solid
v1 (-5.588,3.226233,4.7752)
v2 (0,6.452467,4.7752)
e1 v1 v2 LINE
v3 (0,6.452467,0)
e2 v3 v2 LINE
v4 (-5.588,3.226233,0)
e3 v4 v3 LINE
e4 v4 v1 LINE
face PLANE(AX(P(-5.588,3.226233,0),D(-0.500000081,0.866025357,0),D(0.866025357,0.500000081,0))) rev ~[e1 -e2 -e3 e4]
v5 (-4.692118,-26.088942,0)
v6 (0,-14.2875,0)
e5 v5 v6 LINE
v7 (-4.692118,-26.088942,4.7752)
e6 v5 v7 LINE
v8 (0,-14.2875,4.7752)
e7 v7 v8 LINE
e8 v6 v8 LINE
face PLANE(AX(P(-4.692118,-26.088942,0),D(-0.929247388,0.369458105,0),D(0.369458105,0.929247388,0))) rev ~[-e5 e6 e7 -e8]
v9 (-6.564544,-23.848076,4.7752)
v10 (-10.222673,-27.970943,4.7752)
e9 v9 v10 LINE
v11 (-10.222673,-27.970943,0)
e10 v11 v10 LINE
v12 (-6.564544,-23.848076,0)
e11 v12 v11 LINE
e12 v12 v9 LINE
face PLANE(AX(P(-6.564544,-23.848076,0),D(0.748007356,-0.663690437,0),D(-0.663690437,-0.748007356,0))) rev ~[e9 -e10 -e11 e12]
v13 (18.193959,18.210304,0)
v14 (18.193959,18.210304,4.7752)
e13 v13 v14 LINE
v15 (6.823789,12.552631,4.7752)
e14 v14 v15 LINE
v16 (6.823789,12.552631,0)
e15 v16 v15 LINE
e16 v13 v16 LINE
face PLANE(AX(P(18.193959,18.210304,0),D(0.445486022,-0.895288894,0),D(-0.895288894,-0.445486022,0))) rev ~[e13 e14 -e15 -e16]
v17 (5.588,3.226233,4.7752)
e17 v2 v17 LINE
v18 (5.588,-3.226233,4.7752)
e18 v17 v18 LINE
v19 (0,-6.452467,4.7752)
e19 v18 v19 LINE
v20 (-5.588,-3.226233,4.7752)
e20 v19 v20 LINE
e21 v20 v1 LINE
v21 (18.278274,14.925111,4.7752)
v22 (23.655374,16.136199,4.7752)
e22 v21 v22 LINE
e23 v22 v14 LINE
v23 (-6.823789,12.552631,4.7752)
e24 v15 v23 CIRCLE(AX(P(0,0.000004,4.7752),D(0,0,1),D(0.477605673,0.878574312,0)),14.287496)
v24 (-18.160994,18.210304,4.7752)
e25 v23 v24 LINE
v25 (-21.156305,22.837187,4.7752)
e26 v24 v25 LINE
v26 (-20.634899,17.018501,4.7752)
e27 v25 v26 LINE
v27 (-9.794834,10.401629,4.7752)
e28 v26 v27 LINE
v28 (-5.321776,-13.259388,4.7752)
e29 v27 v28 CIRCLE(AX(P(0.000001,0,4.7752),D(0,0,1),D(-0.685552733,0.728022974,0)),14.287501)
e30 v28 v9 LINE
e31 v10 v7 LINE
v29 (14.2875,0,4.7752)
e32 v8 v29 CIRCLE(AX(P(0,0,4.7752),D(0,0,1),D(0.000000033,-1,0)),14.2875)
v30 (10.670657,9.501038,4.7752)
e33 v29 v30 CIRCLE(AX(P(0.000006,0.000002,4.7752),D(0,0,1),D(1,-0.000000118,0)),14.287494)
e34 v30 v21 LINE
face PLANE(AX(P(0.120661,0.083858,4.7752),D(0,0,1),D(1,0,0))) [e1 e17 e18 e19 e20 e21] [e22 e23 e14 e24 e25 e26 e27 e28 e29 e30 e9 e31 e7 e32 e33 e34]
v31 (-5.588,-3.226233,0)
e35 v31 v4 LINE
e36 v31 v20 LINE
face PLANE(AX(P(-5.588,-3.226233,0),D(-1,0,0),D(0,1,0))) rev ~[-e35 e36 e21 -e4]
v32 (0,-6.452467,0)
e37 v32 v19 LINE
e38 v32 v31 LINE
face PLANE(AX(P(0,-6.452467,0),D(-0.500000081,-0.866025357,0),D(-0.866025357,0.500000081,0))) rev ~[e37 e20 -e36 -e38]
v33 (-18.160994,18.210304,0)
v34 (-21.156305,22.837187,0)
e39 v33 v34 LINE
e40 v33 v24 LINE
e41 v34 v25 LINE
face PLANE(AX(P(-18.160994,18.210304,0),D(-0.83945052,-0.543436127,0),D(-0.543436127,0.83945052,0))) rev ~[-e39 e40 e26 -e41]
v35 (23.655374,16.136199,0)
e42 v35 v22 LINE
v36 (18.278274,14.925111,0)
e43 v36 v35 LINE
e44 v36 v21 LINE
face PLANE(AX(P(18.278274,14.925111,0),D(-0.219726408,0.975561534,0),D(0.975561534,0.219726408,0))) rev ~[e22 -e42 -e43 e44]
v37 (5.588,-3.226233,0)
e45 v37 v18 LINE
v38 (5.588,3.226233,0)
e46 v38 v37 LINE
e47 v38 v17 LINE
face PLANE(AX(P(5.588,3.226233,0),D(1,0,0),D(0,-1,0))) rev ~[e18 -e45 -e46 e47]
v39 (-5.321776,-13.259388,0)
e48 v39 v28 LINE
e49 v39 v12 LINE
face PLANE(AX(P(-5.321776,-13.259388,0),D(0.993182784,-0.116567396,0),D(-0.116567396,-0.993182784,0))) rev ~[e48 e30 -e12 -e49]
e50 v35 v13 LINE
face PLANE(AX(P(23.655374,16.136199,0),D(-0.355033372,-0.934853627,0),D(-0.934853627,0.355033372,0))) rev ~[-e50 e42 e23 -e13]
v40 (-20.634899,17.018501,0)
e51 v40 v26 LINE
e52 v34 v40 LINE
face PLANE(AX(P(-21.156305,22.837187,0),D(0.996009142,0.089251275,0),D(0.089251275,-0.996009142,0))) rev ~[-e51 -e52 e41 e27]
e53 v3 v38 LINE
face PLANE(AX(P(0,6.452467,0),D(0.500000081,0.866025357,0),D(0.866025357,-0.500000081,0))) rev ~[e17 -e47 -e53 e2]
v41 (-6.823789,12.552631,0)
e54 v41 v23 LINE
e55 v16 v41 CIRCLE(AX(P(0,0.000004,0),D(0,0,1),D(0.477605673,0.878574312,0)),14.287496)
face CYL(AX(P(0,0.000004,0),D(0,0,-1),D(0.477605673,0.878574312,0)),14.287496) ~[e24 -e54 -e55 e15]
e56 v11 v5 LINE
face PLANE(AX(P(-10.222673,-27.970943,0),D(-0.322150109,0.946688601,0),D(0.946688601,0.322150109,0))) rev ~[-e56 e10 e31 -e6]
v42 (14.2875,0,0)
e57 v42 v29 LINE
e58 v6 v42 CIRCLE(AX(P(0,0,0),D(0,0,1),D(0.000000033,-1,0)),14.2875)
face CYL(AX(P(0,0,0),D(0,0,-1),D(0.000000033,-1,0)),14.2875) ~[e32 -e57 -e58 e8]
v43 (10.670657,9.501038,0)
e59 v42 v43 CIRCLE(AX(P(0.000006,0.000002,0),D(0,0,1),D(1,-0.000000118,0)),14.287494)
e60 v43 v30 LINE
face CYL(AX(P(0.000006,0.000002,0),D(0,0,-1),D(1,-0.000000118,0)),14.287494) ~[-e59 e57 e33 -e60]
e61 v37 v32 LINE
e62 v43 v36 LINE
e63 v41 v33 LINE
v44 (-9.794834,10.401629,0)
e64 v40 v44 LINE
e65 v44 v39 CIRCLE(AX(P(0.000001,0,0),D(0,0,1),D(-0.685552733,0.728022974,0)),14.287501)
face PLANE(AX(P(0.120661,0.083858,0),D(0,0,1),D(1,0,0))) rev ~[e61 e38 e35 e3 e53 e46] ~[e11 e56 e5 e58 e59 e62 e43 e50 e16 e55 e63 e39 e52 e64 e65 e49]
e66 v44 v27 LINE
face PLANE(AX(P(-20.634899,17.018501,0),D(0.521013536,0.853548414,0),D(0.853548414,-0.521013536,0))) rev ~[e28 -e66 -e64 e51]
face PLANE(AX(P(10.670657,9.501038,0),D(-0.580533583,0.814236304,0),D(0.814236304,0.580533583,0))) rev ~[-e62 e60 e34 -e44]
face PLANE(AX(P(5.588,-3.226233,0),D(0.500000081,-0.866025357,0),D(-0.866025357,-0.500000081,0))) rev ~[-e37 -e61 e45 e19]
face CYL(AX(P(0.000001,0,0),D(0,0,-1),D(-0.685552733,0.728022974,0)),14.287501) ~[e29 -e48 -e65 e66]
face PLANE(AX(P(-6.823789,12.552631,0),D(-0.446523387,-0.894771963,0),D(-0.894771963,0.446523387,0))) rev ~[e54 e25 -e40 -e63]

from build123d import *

# Parameters (mm, degrees)
F1_DEPTH = 4.7752


with BuildPart() as f1:
    # F0 (on Top) → F1 (new body)
    with BuildSketch(Plane.XY):
        with BuildLine():
            ThreePointArc((0, -14.2875), (10.102788, -10.102788), (14.2875, 0))
            ThreePointArc((14.2875, 0), (13.352709, 5.083092), (10.670657, 9.501038))
            ThreePointArc((10.670657, 9.501038), (8.8793, 11.193332), (6.823789, 12.552631))
            ThreePointArc((6.823789, 12.552631), (0, 14.2875), (-6.823789, 12.552631))
            ThreePointArc((-6.823789, 12.552631), (-8.378626, 11.572869), (-9.794834, 10.401629))
            ThreePointArc((-9.794834, 10.401629), (-14.038835, -2.654008), (-5.321776, -13.259388))
            ThreePointArc((-5.321776, -13.259388), (-2.710088, -14.028117), (0, -14.2875))
        make_face()
        Polygon((0, 6.452467), (5.588, 3.226233), (5.588, -3.226233), (0, -6.452467), (-5.588, -3.226233), (-5.588, 3.226233), align=None, mode=Mode.SUBTRACT)
        with BuildLine():
            ThreePointArc((6.823789, 12.552631), (8.8793, 11.193332), (10.670657, 9.501038))
            Line((10.670657, 9.501038), (18.278274, 14.925111))
            Line((18.278274, 14.925111), (23.655374, 16.136199))
            Line((23.655374, 16.136199), (18.193959, 18.210304))
            Line((18.193959, 18.210304), (6.823789, 12.552631))
        make_face()
        with BuildLine():
            Line((-4.692118, -26.088942), (0, -14.2875))
            ThreePointArc((0, -14.2875), (-2.710088, -14.028117), (-5.321776, -13.259388))
            Line((-5.321776, -13.259388), (-6.564544, -23.848076))
            Line((-6.564544, -23.848076), (-10.222673, -27.970943))
            Line((-10.222673, -27.970943), (-4.692118, -26.088942))
        make_face()
        with BuildLine():
            ThreePointArc((-9.794834, 10.401629), (-8.378626, 11.572869), (-6.823789, 12.552631))
            Line((-6.823789, 12.552631), (-18.160994, 18.210304))
            Line((-18.160994, 18.210304), (-21.156305, 22.837187))
            Line((-21.156305, 22.837187), (-20.634899, 17.018501))
            Line((-20.634899, 17.018501), (-9.794834, 10.401629))
        make_face()
    extrude(amount=F1_DEPTH)


solid = f1.part
